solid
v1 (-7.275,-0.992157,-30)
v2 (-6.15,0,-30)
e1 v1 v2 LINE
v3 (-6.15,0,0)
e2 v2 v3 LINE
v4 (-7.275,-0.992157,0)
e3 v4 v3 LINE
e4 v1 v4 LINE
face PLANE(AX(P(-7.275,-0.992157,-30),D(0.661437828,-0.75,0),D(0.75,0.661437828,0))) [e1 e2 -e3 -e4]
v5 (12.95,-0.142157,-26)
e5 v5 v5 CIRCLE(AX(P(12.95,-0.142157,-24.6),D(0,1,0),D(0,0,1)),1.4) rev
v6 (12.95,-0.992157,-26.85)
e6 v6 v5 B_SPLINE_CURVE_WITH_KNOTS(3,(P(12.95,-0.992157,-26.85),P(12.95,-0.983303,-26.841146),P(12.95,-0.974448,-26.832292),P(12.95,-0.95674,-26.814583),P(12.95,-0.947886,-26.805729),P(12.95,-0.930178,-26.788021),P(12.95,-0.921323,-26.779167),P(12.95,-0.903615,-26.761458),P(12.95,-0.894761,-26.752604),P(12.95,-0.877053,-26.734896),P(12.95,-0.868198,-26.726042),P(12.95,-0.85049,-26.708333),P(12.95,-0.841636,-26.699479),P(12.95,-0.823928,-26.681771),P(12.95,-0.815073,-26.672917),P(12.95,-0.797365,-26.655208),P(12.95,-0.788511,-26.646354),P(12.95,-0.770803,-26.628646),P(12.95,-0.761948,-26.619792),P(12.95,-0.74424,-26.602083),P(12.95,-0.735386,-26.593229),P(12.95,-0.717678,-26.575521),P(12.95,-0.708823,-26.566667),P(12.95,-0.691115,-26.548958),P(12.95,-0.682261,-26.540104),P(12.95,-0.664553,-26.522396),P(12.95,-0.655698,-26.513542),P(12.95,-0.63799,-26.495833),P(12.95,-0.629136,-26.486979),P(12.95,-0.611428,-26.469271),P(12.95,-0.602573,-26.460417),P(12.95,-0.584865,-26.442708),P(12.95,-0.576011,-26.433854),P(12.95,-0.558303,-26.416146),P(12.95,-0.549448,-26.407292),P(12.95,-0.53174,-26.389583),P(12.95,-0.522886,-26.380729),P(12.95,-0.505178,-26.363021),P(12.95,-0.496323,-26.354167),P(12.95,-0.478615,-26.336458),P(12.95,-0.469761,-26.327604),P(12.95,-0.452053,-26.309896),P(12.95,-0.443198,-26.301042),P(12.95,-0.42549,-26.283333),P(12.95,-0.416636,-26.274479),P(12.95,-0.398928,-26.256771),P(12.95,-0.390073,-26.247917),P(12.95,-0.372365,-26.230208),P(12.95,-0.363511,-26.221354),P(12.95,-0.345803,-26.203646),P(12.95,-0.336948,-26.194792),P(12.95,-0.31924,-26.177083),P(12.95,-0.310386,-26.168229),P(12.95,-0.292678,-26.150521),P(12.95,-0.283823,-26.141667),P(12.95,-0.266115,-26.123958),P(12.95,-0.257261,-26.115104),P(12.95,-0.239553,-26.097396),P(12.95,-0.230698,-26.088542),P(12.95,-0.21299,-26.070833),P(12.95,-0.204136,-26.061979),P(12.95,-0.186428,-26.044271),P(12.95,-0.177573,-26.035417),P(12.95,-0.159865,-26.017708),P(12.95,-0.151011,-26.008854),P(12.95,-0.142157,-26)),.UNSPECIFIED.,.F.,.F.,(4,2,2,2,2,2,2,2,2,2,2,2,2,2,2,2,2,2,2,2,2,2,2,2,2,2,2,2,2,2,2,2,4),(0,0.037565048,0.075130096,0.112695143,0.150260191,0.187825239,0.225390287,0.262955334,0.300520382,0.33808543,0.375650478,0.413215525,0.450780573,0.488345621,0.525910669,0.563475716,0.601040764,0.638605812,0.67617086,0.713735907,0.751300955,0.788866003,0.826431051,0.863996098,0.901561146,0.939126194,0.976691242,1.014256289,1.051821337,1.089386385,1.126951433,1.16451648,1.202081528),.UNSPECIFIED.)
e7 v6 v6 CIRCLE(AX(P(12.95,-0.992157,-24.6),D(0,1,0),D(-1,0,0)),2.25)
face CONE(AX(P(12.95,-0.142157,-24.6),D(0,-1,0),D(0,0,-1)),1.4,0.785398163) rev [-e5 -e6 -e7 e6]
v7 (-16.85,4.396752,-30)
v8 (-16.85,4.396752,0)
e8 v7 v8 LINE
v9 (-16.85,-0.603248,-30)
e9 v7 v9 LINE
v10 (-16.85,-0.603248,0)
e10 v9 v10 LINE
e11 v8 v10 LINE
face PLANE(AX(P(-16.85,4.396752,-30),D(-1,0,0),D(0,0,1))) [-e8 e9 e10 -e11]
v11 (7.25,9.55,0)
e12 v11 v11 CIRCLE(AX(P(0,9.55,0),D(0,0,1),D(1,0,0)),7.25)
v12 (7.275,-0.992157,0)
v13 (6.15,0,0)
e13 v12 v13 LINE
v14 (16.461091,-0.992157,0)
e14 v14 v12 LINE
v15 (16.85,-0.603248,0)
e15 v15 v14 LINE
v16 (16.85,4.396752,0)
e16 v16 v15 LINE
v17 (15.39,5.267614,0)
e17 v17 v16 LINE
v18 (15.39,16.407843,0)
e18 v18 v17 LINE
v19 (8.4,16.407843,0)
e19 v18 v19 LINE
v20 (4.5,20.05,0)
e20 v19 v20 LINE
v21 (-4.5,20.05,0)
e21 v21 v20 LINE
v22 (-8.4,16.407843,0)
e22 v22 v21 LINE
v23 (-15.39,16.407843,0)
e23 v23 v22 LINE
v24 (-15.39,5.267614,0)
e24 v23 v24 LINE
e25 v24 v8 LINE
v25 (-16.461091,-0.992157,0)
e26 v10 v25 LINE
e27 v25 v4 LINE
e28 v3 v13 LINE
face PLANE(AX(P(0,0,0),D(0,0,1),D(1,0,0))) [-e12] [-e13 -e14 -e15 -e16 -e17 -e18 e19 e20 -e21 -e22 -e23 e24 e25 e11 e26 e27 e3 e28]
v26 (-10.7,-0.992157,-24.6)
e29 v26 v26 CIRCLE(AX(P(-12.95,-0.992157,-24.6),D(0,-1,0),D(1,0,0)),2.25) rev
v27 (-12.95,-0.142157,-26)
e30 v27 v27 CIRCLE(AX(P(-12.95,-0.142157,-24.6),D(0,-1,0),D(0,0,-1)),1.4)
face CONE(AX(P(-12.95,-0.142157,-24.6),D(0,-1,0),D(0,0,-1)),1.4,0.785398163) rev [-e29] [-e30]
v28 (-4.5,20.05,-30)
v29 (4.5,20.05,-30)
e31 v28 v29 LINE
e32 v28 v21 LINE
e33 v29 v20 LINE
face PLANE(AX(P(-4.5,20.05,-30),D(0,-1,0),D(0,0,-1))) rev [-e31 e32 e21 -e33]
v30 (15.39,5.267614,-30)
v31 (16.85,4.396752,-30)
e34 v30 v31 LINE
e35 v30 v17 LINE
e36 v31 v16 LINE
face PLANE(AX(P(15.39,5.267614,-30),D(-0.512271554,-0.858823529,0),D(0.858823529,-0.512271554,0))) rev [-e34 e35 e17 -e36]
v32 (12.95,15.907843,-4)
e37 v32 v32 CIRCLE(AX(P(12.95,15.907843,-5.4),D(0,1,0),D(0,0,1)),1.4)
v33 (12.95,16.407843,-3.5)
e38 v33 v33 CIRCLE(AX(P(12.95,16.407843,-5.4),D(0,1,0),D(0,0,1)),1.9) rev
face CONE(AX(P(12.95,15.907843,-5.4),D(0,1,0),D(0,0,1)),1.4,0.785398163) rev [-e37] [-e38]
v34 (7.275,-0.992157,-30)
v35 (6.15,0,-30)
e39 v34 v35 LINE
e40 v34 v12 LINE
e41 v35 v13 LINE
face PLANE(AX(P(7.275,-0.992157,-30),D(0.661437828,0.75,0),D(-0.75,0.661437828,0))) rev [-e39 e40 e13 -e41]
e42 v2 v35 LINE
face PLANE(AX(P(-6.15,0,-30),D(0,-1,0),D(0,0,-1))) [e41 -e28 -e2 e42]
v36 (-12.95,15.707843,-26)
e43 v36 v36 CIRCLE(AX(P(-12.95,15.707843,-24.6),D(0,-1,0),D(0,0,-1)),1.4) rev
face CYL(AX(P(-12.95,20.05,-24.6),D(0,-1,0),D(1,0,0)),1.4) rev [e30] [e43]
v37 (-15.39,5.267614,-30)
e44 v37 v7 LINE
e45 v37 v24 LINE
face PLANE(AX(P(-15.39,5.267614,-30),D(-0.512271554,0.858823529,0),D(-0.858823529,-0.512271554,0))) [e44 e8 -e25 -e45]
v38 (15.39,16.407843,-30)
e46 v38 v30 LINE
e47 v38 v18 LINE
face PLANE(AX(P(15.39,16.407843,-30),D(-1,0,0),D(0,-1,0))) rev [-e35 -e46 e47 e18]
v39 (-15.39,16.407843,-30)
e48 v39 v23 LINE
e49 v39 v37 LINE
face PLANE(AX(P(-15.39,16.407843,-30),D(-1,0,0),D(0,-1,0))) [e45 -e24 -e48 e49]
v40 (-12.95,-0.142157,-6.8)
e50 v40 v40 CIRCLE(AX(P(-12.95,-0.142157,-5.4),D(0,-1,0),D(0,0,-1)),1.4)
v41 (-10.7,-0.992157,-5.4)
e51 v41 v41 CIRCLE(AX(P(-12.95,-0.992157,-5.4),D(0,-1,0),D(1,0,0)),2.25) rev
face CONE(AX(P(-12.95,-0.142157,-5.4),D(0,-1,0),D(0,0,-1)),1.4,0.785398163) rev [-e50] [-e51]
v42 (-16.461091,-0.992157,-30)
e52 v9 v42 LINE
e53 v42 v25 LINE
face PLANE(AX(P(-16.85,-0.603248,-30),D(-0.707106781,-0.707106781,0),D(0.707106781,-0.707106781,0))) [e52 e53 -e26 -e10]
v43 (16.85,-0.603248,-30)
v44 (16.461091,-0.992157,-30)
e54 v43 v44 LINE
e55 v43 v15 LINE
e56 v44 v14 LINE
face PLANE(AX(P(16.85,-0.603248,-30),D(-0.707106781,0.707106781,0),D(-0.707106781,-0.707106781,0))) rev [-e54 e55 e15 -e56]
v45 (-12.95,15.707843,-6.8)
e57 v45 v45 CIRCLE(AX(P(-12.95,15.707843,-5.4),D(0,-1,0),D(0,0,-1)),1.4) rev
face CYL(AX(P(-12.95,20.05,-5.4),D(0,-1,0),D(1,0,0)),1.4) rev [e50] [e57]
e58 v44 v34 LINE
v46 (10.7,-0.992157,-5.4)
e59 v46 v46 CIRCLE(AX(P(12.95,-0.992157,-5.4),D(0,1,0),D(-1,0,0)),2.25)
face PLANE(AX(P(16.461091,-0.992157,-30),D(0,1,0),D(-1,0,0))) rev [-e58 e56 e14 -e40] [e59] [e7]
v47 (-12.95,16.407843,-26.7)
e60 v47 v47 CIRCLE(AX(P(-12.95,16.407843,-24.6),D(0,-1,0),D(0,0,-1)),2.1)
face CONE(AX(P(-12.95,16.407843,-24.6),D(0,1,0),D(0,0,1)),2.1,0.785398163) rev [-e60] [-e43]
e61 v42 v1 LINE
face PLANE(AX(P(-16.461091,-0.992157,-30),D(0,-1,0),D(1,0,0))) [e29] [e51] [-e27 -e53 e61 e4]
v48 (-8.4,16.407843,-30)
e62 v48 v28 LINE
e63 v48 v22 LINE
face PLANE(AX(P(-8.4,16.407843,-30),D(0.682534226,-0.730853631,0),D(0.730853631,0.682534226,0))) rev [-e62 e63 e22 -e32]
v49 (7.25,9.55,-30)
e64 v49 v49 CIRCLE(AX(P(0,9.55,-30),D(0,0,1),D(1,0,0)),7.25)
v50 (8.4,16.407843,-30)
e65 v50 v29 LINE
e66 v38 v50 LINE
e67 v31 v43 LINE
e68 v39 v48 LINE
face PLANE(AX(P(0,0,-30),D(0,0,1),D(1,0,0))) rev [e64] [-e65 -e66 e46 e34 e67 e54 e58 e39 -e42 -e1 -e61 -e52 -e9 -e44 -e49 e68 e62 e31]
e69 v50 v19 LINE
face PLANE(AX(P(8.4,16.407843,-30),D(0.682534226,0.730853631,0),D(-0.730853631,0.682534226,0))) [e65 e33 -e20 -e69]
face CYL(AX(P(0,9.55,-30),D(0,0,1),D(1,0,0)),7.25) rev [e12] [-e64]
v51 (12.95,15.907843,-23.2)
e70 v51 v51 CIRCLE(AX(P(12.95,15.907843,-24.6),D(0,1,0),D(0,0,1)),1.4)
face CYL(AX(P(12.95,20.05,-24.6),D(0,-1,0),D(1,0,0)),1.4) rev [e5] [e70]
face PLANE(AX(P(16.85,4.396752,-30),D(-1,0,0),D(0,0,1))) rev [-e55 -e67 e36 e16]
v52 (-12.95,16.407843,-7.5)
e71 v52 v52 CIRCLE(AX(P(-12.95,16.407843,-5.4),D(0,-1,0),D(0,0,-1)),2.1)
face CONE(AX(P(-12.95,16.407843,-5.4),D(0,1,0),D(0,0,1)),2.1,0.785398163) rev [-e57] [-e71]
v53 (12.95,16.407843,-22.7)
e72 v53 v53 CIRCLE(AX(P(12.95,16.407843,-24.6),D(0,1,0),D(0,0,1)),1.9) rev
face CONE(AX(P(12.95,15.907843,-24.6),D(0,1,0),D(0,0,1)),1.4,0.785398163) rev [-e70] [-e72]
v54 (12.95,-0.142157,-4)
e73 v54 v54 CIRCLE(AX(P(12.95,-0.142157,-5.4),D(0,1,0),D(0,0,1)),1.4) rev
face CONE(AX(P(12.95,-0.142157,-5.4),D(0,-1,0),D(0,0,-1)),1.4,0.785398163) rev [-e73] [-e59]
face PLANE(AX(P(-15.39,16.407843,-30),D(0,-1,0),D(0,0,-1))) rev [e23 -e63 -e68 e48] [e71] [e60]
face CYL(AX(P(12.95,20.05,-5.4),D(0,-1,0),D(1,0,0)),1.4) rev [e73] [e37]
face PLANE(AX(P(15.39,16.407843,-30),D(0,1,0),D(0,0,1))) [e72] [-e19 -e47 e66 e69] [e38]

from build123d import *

# Parameters (mm, degrees)
CROQUIS1_R              = 7.25
SALIENTE_EXTRUIR1_DEPTH = 30
CROQUIS2_R              = 1.4
CORTAR_EXTRUIR1_DEPTH   = 41.332305418
CHAFL_N2_SIZE           = 0.85
CHAFL_N3_SIZE           = 0.7
CHAFL_N4_SIZE           = 0.5


with BuildPart() as part:
    # Croquis1 → Saliente-Extruir1 (new body)
    with BuildSketch(Plane.XY):
        Polygon((-15.39, 16.407843258), (-15.39, 5.26761363), (-16.85, 4.396751988), (-16.85, -0.603248012), (-16.46109127, -0.992156742), (-7.275, -0.992156742), (-6.15, 0), (6.15, 0), (7.275, -0.992156742), (16.46109127, -0.992156742), (16.85, -0.603248012), (16.85, 4.396751988), (15.39, 5.26761363), (15.39, 16.407843258), (8.4, 16.407843258), (4.5, 20.05), (-4.5, 20.05), (-8.4, 16.407843258), align=None)
        with Locations((0, 9.55)):
            Circle(CROQUIS1_R, mode=Mode.SUBTRACT)
    extrude(amount=-SALIENTE_EXTRUIR1_DEPTH)

    # Croquis2 → Cortar-Extruir1 (cut, through all)
    with BuildSketch(Plane.XZ.offset(0.992156742)):
        with Locations((-12.95, -5.4)):
            Circle(CROQUIS2_R)
        with Locations(Location((-12.95, -24.6, 0), (0, 0, 270))):
            Circle(CROQUIS2_R)
        with Locations((12.95, -24.6)):
            Circle(CROQUIS2_R)
        with Locations(Location((12.95, -5.4, 0), (0, 0, 90))):
            Circle(CROQUIS2_R)
    extrude(amount=-CORTAR_EXTRUIR1_DEPTH, mode=Mode.SUBTRACT)

    # Chaflán2
    chafl_n2_edges = [part.edges().sort_by_distance(p)[0] for p in [
        (12.95, -0.992156742, -6.8),
        (11.55, -0.992156742, -24.6),
        (-12.95, -0.992156742, -23.2),
        (-14.35, -0.992156742, -5.4),
    ]]
    chamfer(chafl_n2_edges, length=CHAFL_N2_SIZE)

    # Chaflán3
    chafl_n3_edges = [part.edges().sort_by_distance(p)[0] for p in [
        (-12.95, 16.407843258, -23.2),
        (-14.35, 16.407843258, -5.4),
    ]]
    chamfer(chafl_n3_edges, length=CHAFL_N3_SIZE)

    # Chaflán4
    chafl_n4_edges = [part.edges().sort_by_distance(p)[0] for p in [
        (12.95, 16.407843258, -6.8),
        (11.55, 16.407843258, -24.6),
    ]]
    chamfer(chafl_n4_edges, length=CHAFL_N4_SIZE)


solid = part.part
